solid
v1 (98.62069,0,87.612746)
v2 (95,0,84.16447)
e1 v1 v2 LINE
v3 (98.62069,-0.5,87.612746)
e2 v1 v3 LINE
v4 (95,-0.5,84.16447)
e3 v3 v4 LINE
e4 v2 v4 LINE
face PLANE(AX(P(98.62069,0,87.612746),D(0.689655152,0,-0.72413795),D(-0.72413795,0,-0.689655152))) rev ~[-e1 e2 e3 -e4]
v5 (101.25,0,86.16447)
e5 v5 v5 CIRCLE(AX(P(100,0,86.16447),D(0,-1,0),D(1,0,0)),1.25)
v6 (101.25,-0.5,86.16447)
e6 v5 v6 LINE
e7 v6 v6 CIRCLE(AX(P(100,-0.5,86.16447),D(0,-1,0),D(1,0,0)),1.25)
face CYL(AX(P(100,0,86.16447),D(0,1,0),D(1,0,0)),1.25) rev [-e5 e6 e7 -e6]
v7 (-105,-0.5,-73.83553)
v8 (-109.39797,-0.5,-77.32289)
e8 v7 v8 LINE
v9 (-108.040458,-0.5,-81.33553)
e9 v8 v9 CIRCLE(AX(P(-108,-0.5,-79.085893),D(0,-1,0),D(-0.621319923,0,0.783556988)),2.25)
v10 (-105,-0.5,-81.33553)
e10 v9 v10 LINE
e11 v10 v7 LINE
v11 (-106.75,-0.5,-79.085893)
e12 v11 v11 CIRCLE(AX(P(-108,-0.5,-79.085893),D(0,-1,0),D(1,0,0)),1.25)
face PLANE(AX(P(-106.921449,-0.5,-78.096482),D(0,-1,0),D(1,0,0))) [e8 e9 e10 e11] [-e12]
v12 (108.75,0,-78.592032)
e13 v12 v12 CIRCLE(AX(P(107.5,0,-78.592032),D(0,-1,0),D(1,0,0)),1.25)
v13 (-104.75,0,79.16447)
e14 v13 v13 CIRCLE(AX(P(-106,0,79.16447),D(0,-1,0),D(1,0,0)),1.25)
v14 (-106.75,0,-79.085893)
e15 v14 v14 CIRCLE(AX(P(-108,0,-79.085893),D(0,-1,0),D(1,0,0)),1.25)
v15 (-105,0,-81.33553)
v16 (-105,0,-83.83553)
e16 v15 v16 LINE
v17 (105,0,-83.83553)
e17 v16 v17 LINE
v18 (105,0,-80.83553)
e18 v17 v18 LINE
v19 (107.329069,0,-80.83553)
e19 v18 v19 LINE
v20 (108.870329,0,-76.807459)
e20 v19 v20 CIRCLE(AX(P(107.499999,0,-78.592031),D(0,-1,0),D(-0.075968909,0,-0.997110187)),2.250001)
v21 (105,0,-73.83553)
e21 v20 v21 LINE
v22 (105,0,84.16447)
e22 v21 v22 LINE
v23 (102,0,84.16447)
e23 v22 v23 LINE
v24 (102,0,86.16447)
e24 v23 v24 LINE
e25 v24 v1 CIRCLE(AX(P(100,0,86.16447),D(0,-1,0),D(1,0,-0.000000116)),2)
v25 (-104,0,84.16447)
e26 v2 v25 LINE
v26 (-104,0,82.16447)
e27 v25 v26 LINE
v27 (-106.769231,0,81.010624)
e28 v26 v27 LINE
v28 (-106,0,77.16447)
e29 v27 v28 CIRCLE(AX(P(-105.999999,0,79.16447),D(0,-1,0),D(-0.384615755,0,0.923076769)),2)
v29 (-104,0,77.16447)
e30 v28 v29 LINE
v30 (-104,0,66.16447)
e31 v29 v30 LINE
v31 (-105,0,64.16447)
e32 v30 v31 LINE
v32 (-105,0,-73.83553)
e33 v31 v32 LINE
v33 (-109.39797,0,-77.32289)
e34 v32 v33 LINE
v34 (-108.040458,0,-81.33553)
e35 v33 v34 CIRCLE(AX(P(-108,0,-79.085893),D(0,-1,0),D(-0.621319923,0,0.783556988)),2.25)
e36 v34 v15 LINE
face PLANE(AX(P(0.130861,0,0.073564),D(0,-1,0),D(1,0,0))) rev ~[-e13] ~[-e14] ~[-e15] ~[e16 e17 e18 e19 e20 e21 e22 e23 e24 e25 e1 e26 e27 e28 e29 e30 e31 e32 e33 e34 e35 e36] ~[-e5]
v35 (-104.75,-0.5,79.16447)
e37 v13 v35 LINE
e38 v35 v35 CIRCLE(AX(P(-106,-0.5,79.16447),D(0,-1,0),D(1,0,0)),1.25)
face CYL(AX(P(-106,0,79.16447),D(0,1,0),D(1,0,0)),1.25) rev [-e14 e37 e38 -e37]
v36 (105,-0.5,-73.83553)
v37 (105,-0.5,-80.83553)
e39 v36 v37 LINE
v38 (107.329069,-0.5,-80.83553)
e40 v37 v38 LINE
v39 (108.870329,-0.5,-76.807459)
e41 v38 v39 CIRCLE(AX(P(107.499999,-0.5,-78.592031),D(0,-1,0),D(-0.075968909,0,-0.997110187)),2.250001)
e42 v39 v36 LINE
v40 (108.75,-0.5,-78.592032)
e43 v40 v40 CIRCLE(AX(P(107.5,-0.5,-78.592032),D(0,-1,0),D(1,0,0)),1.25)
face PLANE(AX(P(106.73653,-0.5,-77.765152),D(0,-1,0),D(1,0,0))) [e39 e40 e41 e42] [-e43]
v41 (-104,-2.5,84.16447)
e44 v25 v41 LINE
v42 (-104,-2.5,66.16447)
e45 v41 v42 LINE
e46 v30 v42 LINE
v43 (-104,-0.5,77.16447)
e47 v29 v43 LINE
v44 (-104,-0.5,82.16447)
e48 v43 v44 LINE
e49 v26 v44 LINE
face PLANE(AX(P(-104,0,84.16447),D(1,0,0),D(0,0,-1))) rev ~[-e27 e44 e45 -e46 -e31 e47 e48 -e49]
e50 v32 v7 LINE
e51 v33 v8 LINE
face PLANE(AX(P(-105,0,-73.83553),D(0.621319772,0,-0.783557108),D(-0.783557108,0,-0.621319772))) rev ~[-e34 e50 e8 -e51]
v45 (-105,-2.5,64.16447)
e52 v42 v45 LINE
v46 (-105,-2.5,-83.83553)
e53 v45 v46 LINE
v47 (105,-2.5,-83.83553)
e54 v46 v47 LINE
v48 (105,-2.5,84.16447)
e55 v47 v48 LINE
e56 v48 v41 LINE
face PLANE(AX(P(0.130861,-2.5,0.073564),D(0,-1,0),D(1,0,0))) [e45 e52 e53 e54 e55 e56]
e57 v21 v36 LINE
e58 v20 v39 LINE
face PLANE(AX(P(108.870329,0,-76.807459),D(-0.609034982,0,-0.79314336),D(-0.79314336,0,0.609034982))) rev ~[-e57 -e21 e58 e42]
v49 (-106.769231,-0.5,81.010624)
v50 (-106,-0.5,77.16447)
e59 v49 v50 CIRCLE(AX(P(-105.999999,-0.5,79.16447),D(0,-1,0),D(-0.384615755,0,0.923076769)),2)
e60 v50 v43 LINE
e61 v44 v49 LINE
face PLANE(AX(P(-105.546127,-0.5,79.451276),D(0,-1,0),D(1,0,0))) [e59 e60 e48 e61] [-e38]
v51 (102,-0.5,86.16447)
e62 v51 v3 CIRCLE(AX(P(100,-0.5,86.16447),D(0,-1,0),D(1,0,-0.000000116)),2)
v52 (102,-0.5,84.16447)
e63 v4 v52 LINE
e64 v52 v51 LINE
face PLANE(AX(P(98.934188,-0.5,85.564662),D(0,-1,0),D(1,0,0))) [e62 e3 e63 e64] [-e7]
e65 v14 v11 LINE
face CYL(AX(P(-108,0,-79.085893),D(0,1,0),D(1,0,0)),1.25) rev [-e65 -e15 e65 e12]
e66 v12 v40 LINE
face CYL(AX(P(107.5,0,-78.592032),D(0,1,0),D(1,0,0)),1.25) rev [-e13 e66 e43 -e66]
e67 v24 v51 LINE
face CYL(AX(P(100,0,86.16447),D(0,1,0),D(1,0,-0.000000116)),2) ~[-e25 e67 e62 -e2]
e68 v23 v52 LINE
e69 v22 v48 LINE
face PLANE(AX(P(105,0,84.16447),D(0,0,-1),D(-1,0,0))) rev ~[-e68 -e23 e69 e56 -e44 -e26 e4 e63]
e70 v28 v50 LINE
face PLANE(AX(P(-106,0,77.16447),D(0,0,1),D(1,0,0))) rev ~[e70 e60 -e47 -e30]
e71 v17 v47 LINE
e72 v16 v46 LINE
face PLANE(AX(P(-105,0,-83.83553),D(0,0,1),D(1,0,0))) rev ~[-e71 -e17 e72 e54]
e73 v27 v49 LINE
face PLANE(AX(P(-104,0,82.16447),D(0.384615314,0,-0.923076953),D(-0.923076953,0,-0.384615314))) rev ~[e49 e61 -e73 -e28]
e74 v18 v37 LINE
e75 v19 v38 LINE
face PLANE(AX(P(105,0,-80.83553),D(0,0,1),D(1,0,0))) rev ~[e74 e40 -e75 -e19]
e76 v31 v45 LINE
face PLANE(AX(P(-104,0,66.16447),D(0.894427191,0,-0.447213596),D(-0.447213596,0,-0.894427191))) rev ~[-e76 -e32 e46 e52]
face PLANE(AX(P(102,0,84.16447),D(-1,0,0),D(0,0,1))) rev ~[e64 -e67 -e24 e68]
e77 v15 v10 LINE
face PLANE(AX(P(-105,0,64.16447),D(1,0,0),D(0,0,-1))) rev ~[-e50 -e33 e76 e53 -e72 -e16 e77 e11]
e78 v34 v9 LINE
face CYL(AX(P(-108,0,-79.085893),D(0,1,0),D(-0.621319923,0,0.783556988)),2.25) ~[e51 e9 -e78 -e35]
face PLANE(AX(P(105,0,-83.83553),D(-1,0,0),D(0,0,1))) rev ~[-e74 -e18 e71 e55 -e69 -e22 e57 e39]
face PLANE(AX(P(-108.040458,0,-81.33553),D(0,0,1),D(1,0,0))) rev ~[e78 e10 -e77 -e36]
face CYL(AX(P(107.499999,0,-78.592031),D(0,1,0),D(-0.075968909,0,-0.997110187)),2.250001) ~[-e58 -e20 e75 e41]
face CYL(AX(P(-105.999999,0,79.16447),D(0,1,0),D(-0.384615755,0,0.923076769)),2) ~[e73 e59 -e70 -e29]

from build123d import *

# Parameters (mm, degrees)
F1_DEPTH = 2.5
F0_R     = 1.25
F2_DEPTH = 0.5
F3_W     = 200
F3_H     = 151
F4_DEPTH = 0.1


with BuildPart() as f1:
    # F0 (on Front) → F1 (new body)
    with BuildSketch(Plane.XZ):
        Polygon((-105, -83.83553), (105, -83.83553), (105, -80.83553), (105, -73.83553), (105, 84.16447), (102, 84.16447), (95, 84.16447), (-104, 84.16447), (-104, 82.16447), (-104, 77.16447), (-104, 66.16447), (-105, 64.16447), (-105, -73.83553), (-105, -81.33553), align=None)
    extrude(amount=F1_DEPTH)

    # F0 (on Front) → F2 (join)
    with BuildSketch(Plane.XZ):
        with BuildLine():
            Line((95, 84.16447), (102, 84.16447))
            Line((102, 84.16447), (102, 86.16447))
            ThreePointArc((102, 86.16447), (100.787839, 88.00276), (98.62069, 87.612746))
            Line((98.62069, 87.612746), (95, 84.16447))
        make_face()
        with Locations((100, 86.16447)):
            Circle(F0_R, mode=Mode.SUBTRACT)
        with BuildLine():
            Line((-106, 77.16447), (-104, 77.16447))
            Line((-104, 77.16447), (-104, 82.16447))
            Line((-104, 82.16447), (-106.769231, 81.010624))
            ThreePointArc((-106.769231, 81.010624), (-107.961161, 78.772238), (-106, 77.16447))
        make_face()
        with Locations((-106, 79.16447)):
            Circle(F0_R, mode=Mode.SUBTRACT)
        with BuildLine():
            Line((-108.040458, -81.33553), (-105, -81.33553))
            Line((-105, -81.33553), (-105, -73.83553))
            Line((-105, -73.83553), (-109.39797, -77.32289))
            ThreePointArc((-109.39797, -77.32289), (-110.131335, -79.806943), (-108.040458, -81.33553))
        make_face()
        with Locations((-108, -79.085893)):
            Circle(F0_R, mode=Mode.SUBTRACT)
        with BuildLine():
            Line((105, -73.83553), (105, -80.83553))
            Line((105, -80.83553), (107.329069, -80.83553))
            ThreePointArc((107.329069, -80.83553), (109.601422, -79.396099), (108.870329, -76.807459))
            Line((108.870329, -76.807459), (105, -73.83553))
        make_face()
        with Locations((107.5, -78.592032)):
            Circle(F0_R, mode=Mode.SUBTRACT)
    extrude(amount=F2_DEPTH)

    # F3 (on Front) → F4 (join)
    with BuildSketch(Plane.XZ):
        with Locations((-1, 0.66447)):
            Rectangle(F3_W, F3_H)
    extrude(amount=F4_DEPTH)


solid = f1.part
